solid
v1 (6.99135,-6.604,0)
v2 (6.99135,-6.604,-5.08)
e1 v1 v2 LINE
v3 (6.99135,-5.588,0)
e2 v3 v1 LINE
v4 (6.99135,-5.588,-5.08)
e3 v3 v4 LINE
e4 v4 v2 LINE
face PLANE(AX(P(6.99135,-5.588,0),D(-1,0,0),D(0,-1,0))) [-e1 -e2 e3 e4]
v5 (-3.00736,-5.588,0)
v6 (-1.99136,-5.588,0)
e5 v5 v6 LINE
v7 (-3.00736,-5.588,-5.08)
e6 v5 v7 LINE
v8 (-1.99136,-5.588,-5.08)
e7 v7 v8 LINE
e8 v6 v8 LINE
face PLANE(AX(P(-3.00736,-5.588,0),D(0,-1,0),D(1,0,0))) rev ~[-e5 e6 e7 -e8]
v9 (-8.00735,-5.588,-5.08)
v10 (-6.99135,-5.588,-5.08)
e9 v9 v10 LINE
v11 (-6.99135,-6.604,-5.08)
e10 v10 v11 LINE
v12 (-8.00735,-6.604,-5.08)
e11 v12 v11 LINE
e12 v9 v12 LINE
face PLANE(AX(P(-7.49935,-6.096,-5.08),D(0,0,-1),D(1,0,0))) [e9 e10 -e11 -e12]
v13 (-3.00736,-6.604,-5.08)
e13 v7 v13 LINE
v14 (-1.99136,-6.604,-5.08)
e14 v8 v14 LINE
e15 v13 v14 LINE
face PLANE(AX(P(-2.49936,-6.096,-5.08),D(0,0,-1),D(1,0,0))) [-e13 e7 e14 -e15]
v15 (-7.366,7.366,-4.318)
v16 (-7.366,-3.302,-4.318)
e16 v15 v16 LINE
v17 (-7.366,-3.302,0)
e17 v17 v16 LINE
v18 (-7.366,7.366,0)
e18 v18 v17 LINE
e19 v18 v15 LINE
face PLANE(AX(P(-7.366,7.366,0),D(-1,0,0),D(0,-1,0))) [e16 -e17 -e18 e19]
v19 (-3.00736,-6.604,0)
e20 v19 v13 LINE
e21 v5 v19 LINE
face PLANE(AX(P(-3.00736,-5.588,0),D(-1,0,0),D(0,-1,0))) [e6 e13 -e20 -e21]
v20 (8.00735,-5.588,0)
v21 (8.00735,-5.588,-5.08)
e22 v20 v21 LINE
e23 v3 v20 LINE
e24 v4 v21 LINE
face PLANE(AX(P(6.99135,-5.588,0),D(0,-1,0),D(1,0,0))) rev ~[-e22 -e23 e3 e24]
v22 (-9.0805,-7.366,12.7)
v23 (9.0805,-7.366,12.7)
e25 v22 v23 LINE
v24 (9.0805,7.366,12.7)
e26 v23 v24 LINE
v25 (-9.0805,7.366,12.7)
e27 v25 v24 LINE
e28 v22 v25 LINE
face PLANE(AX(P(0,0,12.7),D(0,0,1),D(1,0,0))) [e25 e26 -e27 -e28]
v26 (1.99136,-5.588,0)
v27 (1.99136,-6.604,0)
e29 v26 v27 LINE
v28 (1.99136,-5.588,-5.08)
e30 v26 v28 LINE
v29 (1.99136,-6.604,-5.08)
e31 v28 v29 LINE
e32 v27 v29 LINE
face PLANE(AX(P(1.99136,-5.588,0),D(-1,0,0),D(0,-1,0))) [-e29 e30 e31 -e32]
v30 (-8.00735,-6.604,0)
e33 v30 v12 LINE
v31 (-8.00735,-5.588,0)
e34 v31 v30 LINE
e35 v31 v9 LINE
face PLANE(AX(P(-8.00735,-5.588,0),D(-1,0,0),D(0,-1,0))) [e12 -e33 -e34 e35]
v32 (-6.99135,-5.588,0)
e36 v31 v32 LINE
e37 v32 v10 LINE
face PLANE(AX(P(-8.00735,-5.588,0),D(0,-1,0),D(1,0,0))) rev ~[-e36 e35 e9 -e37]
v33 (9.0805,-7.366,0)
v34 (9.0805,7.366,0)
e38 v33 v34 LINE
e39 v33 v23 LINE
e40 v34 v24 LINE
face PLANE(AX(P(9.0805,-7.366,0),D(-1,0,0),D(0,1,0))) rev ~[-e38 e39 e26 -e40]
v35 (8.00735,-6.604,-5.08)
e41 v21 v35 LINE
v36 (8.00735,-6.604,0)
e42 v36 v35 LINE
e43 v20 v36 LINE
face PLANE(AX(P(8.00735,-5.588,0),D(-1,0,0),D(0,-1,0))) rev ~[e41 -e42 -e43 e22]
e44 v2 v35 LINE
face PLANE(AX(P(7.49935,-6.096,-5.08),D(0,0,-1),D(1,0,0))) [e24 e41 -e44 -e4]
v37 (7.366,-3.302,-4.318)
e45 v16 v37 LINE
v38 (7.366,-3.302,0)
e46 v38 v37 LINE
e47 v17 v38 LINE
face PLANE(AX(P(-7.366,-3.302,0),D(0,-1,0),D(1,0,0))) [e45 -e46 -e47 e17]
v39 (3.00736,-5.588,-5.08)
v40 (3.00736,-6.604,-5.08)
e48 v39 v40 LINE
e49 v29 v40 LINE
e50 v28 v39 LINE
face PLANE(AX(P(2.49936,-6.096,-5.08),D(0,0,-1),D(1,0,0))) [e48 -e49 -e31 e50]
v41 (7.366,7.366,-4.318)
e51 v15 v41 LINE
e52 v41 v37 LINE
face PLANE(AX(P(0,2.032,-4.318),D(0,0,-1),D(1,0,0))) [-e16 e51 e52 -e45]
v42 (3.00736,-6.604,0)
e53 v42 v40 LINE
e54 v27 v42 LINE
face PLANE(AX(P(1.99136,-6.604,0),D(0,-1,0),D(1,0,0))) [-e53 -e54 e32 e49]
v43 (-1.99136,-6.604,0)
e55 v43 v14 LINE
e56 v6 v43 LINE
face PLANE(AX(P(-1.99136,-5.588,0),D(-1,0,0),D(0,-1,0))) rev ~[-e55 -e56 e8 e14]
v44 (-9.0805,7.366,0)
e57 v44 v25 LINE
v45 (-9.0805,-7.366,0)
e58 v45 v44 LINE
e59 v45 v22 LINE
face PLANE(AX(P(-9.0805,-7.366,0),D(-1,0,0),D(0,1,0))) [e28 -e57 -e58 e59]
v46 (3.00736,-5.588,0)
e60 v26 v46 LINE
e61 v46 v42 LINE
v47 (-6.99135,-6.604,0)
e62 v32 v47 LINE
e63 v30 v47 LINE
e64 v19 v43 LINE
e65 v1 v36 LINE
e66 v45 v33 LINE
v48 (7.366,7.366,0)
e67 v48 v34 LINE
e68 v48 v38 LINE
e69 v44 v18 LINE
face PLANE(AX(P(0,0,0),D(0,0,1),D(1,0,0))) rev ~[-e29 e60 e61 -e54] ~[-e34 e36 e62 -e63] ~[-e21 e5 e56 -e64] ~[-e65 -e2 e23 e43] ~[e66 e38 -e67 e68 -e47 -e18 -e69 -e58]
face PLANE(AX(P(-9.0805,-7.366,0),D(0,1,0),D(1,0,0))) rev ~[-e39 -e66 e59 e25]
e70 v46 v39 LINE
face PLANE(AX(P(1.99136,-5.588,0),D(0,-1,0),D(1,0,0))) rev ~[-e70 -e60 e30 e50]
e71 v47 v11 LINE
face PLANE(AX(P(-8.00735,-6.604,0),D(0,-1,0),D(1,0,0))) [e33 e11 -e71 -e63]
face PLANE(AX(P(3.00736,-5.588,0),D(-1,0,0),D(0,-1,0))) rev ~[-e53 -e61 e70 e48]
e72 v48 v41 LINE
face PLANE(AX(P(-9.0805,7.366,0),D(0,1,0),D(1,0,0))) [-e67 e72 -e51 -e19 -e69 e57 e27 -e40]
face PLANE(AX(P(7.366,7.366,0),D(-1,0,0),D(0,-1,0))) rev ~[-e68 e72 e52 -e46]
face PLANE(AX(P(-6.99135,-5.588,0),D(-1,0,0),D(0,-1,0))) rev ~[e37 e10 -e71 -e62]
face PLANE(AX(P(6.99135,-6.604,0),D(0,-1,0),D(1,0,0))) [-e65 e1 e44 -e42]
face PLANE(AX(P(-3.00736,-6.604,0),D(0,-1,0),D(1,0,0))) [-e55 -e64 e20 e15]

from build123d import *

# Parameters (mm, degrees)
F0_W     = 18.161
F0_H     = 14.732
F1_DEPTH = 12.7
F2_W     = 14.732
F2_H     = 10.668
F3_DEPTH = 4.318
F4_W     = 1.016
F4_H     = 1.016
F5_DEPTH = 5.08


with BuildPart() as f1:
    # F0 (on Top) → F1 (new body)
    with BuildSketch(Plane.XY):
        Rectangle(F0_W, F0_H)
    extrude(amount=F1_DEPTH)

    # F2 (on face) → F3 (join)
    with BuildSketch(Plane(origin=(0, 0, 0), x_dir=(1, 0, 0), z_dir=(0, 0, -1))):
        with Locations((0, -2.032)):
            Rectangle(F2_W, F2_H)
    extrude(amount=F3_DEPTH)

    # F4 (on face) → F5 (join)
    with BuildSketch(Plane(origin=(0, 0, 0), x_dir=(1, 0, 0), z_dir=(0, 0, -1))):
        with Locations((-7.49935, 6.096)):
            Rectangle(F4_W, F4_H)
        with Locations((-2.49936, 6.096)):
            Rectangle(F4_W, F4_H)
        with Locations((2.49936, 6.096)):
            Rectangle(F4_W, F4_H)
        with Locations((7.49935, 6.096)):
            Rectangle(F4_W, F4_H)
    extrude(amount=F5_DEPTH)


solid = f1.part
